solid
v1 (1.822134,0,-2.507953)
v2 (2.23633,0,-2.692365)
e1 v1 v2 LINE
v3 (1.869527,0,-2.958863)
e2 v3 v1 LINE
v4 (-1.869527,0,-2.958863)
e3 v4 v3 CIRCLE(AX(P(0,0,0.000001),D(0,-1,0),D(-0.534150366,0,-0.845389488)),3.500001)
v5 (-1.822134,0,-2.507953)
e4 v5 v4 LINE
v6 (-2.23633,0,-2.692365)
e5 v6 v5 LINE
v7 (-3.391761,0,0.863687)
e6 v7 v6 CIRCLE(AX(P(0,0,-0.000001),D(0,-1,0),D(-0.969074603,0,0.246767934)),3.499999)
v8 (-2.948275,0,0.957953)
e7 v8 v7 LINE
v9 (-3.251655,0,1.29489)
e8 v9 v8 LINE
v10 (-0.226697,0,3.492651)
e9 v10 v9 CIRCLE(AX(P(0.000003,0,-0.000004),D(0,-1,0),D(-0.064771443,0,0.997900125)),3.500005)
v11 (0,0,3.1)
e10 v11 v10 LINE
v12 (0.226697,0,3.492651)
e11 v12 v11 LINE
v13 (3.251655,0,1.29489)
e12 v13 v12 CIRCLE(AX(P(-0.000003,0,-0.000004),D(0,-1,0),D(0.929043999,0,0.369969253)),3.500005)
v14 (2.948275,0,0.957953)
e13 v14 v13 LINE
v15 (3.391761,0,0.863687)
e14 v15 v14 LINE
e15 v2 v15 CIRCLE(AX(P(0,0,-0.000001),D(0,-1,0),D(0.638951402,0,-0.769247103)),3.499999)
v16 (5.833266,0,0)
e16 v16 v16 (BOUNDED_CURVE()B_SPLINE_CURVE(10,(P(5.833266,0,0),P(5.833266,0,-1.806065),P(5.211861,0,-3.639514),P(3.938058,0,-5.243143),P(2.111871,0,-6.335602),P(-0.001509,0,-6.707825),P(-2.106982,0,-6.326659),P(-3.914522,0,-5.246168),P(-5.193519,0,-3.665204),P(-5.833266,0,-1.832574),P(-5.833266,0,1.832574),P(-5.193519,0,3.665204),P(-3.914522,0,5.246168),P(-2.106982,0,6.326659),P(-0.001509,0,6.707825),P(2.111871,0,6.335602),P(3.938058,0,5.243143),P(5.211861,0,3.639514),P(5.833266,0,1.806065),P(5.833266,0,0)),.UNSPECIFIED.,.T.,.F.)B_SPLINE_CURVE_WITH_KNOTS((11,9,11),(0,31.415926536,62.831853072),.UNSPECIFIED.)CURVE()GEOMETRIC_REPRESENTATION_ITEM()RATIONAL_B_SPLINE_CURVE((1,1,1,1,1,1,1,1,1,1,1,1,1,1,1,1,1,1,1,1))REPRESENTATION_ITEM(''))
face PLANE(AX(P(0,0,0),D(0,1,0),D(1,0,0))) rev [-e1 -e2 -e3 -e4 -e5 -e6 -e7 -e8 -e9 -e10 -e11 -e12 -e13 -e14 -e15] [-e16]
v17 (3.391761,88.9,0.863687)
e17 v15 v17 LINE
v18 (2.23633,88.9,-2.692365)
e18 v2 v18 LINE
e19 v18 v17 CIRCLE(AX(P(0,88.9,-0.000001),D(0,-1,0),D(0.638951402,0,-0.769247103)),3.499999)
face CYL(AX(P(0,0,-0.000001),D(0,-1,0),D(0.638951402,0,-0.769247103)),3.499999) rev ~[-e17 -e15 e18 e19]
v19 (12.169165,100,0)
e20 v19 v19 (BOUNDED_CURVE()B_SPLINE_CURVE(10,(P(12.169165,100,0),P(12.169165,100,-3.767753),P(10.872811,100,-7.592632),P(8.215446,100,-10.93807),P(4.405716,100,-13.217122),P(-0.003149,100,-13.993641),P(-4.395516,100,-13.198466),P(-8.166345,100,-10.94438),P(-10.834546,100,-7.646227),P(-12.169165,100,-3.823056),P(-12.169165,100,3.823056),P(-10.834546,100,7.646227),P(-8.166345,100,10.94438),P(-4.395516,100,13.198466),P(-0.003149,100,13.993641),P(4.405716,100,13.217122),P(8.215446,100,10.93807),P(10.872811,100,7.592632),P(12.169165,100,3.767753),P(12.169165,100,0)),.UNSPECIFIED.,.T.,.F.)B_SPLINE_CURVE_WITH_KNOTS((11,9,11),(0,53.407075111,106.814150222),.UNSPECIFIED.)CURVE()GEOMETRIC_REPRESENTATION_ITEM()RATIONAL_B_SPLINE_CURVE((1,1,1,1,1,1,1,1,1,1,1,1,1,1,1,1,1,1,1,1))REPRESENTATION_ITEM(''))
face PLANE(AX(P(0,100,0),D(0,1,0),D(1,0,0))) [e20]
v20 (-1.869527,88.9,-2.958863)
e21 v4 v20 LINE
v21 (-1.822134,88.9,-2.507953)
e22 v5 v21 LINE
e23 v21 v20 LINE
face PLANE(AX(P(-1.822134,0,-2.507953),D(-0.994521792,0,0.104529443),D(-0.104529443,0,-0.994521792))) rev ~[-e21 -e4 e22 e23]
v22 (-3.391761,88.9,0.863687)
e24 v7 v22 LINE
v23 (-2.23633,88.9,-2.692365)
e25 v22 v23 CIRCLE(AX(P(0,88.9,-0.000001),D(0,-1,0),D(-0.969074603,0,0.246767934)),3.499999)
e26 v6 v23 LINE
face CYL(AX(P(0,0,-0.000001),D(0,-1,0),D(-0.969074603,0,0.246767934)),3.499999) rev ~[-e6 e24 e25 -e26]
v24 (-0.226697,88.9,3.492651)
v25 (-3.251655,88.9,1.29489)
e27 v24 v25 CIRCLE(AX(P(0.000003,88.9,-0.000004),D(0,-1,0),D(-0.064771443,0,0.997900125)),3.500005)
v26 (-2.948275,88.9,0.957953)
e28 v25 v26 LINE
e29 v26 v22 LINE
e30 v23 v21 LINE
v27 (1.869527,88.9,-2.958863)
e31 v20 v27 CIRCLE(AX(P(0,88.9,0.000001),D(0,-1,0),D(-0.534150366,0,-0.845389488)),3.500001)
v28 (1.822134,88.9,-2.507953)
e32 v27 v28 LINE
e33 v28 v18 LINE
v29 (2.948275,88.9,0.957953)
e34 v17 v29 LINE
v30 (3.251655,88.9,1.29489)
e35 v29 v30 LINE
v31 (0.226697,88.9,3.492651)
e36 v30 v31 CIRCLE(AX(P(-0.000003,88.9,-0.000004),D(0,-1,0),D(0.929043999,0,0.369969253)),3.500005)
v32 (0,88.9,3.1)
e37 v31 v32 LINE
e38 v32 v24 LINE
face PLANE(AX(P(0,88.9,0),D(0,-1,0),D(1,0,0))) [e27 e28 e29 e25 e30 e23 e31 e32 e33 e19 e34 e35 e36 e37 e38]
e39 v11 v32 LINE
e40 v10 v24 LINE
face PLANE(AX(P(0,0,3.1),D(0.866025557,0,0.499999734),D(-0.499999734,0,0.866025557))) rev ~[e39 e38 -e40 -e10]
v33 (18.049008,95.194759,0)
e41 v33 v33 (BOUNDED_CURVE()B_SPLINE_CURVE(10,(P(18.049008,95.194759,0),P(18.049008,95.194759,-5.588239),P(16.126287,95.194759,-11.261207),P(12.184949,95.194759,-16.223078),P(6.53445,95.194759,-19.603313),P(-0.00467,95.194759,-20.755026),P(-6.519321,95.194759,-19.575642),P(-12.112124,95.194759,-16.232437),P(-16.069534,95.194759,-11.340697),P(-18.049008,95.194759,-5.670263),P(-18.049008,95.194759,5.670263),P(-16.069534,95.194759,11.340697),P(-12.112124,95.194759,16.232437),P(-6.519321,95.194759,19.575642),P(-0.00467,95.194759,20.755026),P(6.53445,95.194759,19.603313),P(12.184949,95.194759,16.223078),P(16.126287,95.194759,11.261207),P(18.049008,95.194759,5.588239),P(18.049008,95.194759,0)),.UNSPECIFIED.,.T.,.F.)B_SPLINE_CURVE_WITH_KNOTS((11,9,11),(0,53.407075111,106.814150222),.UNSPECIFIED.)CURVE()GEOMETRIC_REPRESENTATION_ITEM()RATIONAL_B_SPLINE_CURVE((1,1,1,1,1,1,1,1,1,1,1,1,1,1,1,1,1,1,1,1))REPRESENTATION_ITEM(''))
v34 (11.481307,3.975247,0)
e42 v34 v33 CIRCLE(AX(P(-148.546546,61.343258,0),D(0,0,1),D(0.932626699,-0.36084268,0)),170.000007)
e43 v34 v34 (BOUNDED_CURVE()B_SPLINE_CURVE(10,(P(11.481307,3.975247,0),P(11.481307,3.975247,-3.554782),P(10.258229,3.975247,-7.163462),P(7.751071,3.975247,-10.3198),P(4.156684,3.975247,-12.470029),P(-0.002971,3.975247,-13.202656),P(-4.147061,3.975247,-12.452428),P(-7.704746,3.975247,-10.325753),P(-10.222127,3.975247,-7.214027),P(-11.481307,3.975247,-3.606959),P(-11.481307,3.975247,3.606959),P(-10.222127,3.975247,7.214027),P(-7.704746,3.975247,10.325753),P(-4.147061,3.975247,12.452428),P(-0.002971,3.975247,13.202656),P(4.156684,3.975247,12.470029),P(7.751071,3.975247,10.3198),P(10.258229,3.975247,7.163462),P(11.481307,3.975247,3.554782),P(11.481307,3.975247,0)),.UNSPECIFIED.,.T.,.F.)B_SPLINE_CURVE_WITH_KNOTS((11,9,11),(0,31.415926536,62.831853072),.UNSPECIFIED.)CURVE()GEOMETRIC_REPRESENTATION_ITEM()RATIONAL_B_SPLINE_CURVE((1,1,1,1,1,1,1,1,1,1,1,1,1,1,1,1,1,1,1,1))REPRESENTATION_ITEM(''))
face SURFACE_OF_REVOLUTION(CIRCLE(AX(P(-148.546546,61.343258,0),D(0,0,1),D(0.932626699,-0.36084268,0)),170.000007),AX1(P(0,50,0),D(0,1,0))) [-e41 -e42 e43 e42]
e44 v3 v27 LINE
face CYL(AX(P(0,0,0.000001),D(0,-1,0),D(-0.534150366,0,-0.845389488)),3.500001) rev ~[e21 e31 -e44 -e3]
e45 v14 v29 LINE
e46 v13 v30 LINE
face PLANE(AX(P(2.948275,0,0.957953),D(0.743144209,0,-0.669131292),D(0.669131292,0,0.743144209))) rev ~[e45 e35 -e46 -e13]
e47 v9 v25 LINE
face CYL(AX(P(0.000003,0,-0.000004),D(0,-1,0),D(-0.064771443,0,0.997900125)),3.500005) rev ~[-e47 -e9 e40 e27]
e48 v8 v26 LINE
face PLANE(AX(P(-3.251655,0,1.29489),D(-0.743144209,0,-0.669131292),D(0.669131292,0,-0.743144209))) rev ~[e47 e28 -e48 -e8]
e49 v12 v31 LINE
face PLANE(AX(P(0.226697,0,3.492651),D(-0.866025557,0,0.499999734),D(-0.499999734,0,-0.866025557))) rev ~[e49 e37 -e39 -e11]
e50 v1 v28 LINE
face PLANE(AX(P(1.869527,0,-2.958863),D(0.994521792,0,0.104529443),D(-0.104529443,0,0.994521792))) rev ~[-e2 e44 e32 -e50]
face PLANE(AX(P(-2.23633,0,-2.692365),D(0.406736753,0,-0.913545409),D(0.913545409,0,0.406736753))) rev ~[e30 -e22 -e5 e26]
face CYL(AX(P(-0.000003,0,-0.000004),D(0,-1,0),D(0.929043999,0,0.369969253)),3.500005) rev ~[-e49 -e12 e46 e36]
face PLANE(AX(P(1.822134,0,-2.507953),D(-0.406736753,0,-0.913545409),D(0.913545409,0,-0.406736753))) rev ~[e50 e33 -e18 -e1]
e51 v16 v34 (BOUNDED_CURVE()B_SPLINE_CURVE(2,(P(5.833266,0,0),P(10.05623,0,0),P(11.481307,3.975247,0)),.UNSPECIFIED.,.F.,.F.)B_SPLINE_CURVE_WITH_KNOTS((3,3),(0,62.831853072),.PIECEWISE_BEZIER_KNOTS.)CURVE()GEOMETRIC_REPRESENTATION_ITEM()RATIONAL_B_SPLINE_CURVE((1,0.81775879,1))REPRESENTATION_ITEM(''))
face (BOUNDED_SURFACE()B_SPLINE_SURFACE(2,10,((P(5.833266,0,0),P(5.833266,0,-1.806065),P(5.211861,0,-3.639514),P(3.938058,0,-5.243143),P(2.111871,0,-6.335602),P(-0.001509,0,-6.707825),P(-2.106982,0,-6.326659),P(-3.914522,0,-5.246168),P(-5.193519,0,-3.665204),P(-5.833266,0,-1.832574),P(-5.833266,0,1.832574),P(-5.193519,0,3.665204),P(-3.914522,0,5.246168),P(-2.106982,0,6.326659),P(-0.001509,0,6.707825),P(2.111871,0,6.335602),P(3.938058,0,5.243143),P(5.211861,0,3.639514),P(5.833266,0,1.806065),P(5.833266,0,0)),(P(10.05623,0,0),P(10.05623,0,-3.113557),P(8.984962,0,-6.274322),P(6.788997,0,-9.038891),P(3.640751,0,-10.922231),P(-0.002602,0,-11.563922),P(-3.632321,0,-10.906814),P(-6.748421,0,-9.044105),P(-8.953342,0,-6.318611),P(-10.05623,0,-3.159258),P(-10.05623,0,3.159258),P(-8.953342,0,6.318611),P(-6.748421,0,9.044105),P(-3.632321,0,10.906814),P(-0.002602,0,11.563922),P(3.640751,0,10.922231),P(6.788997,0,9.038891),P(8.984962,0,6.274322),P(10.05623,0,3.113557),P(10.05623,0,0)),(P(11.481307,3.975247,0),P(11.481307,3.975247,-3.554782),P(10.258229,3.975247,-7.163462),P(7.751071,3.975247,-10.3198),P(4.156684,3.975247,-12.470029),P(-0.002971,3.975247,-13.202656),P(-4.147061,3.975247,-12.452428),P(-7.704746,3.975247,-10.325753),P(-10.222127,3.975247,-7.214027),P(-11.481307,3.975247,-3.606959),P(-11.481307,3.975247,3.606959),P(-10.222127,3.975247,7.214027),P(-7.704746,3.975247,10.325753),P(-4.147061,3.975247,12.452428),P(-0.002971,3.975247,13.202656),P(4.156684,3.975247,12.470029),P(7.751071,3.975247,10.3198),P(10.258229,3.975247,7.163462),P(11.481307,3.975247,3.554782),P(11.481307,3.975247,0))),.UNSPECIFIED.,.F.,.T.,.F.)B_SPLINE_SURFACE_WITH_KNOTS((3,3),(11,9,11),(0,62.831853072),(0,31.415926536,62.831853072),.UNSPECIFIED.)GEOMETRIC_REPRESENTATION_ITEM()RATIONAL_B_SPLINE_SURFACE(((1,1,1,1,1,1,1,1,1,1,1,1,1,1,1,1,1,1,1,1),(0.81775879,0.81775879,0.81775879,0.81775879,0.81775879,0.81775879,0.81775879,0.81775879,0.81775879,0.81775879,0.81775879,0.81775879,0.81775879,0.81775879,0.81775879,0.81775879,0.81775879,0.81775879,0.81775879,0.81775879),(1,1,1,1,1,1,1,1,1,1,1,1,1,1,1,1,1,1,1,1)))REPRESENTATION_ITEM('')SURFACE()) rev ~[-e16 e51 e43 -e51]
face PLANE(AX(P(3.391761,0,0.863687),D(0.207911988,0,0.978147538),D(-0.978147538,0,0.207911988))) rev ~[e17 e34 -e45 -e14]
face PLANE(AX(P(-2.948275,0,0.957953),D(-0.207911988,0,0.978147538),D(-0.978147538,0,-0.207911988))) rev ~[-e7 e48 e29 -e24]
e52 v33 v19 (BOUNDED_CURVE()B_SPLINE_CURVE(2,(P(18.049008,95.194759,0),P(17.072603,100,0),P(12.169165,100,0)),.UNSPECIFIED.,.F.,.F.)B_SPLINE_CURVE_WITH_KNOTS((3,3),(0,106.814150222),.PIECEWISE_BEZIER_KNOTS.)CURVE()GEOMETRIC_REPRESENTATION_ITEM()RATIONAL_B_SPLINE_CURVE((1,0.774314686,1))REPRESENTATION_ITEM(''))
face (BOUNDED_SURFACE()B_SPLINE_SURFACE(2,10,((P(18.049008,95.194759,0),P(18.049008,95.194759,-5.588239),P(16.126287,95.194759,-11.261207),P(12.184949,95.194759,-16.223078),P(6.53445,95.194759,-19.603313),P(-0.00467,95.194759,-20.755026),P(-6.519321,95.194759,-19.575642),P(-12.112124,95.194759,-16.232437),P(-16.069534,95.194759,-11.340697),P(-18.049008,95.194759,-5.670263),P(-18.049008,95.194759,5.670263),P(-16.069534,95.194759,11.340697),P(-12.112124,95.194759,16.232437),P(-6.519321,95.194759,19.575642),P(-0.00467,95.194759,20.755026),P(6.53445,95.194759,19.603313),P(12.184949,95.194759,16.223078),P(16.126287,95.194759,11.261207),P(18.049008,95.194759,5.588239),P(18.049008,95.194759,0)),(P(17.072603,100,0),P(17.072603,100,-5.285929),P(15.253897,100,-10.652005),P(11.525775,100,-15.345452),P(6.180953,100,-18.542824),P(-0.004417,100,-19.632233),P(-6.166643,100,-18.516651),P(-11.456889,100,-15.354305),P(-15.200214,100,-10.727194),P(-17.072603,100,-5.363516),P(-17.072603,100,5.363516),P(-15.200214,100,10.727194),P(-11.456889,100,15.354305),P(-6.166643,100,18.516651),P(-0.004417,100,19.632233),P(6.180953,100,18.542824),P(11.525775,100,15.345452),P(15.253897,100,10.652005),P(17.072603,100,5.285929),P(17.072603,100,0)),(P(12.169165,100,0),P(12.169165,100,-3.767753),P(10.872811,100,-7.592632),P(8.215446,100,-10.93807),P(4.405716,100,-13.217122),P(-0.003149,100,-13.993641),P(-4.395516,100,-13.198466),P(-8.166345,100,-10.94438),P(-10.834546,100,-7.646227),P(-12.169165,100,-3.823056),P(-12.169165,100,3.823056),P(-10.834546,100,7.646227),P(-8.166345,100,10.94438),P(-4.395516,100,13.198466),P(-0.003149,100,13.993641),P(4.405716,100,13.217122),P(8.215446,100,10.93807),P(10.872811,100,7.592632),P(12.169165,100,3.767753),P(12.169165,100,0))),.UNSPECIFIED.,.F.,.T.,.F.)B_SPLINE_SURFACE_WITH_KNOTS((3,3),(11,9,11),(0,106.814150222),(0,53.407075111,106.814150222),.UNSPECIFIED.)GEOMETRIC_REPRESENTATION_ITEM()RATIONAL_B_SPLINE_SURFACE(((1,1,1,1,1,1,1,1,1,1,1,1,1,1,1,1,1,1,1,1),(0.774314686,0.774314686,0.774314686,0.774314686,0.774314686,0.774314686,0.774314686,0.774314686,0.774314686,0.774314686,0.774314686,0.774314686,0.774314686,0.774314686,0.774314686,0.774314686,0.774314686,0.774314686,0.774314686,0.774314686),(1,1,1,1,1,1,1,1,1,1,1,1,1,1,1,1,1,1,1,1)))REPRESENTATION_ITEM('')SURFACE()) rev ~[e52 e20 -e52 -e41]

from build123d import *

# Parameters (mm, degrees)
F3_DEPTH = 88.9
F4_R     = 6


with BuildPart() as f1:
    # F0 (on Top) → F1 (revolve)
    with BuildSketch(Plane.XY):
        with BuildLine():
            Line((0, 100), (0, 0))
            Line((0, 0), (10, 0))
            ThreePointArc((10, 0), (21.038486, 49.472306), (17, 100))
            Line((17, 100), (0, 100))
        make_face()
    revolve(axis=Axis((0, 50, 0), (0, 1, 0)))

    # F2 (on face) → F3 (cut)
    with BuildSketch(Plane.XZ):
        with BuildLine():
            Line((0, 3.1), (-0.226697, 3.492651))
            ThreePointArc((-0.226697, 3.492651), (-2.057248, 2.831559), (-3.251655, 1.29489))
            Line((-3.251655, 1.29489), (-2.948275, 0.957953))
            Line((-2.948275, 0.957953), (-3.391761, 0.863687))
            ThreePointArc((-3.391761, 0.863687), (-3.328698, -1.081559), (-2.23633, -2.692365))
            Line((-2.23633, -2.692365), (-1.822134, -2.507953))
            Line((-1.822134, -2.507953), (-1.869527, -2.958863))
            ThreePointArc((-1.869527, -2.958863), (0, -3.5), (1.869527, -2.958863))
            Line((1.869527, -2.958863), (1.822134, -2.507953))
            Line((1.822134, -2.507953), (2.23633, -2.692365))
            ThreePointArc((2.23633, -2.692365), (3.328698, -1.081559), (3.391761, 0.863687))
            Line((3.391761, 0.863687), (2.948275, 0.957953))
            Line((2.948275, 0.957953), (3.251655, 1.29489))
            ThreePointArc((3.251655, 1.29489), (2.057248, 2.831559), (0.226697, 3.492651))
            Line((0.226697, 3.492651), (0, 3.1))
        make_face()
    extrude(amount=-F3_DEPTH, mode=Mode.SUBTRACT)

    # F4
    f4_edges = [f1.edges().sort_by_distance(p)[0] for p in [
        (-10, 0, 0),
        (-17, 100, 0),
    ]]
    fillet(f4_edges, radius=F4_R)


solid = f1.part
